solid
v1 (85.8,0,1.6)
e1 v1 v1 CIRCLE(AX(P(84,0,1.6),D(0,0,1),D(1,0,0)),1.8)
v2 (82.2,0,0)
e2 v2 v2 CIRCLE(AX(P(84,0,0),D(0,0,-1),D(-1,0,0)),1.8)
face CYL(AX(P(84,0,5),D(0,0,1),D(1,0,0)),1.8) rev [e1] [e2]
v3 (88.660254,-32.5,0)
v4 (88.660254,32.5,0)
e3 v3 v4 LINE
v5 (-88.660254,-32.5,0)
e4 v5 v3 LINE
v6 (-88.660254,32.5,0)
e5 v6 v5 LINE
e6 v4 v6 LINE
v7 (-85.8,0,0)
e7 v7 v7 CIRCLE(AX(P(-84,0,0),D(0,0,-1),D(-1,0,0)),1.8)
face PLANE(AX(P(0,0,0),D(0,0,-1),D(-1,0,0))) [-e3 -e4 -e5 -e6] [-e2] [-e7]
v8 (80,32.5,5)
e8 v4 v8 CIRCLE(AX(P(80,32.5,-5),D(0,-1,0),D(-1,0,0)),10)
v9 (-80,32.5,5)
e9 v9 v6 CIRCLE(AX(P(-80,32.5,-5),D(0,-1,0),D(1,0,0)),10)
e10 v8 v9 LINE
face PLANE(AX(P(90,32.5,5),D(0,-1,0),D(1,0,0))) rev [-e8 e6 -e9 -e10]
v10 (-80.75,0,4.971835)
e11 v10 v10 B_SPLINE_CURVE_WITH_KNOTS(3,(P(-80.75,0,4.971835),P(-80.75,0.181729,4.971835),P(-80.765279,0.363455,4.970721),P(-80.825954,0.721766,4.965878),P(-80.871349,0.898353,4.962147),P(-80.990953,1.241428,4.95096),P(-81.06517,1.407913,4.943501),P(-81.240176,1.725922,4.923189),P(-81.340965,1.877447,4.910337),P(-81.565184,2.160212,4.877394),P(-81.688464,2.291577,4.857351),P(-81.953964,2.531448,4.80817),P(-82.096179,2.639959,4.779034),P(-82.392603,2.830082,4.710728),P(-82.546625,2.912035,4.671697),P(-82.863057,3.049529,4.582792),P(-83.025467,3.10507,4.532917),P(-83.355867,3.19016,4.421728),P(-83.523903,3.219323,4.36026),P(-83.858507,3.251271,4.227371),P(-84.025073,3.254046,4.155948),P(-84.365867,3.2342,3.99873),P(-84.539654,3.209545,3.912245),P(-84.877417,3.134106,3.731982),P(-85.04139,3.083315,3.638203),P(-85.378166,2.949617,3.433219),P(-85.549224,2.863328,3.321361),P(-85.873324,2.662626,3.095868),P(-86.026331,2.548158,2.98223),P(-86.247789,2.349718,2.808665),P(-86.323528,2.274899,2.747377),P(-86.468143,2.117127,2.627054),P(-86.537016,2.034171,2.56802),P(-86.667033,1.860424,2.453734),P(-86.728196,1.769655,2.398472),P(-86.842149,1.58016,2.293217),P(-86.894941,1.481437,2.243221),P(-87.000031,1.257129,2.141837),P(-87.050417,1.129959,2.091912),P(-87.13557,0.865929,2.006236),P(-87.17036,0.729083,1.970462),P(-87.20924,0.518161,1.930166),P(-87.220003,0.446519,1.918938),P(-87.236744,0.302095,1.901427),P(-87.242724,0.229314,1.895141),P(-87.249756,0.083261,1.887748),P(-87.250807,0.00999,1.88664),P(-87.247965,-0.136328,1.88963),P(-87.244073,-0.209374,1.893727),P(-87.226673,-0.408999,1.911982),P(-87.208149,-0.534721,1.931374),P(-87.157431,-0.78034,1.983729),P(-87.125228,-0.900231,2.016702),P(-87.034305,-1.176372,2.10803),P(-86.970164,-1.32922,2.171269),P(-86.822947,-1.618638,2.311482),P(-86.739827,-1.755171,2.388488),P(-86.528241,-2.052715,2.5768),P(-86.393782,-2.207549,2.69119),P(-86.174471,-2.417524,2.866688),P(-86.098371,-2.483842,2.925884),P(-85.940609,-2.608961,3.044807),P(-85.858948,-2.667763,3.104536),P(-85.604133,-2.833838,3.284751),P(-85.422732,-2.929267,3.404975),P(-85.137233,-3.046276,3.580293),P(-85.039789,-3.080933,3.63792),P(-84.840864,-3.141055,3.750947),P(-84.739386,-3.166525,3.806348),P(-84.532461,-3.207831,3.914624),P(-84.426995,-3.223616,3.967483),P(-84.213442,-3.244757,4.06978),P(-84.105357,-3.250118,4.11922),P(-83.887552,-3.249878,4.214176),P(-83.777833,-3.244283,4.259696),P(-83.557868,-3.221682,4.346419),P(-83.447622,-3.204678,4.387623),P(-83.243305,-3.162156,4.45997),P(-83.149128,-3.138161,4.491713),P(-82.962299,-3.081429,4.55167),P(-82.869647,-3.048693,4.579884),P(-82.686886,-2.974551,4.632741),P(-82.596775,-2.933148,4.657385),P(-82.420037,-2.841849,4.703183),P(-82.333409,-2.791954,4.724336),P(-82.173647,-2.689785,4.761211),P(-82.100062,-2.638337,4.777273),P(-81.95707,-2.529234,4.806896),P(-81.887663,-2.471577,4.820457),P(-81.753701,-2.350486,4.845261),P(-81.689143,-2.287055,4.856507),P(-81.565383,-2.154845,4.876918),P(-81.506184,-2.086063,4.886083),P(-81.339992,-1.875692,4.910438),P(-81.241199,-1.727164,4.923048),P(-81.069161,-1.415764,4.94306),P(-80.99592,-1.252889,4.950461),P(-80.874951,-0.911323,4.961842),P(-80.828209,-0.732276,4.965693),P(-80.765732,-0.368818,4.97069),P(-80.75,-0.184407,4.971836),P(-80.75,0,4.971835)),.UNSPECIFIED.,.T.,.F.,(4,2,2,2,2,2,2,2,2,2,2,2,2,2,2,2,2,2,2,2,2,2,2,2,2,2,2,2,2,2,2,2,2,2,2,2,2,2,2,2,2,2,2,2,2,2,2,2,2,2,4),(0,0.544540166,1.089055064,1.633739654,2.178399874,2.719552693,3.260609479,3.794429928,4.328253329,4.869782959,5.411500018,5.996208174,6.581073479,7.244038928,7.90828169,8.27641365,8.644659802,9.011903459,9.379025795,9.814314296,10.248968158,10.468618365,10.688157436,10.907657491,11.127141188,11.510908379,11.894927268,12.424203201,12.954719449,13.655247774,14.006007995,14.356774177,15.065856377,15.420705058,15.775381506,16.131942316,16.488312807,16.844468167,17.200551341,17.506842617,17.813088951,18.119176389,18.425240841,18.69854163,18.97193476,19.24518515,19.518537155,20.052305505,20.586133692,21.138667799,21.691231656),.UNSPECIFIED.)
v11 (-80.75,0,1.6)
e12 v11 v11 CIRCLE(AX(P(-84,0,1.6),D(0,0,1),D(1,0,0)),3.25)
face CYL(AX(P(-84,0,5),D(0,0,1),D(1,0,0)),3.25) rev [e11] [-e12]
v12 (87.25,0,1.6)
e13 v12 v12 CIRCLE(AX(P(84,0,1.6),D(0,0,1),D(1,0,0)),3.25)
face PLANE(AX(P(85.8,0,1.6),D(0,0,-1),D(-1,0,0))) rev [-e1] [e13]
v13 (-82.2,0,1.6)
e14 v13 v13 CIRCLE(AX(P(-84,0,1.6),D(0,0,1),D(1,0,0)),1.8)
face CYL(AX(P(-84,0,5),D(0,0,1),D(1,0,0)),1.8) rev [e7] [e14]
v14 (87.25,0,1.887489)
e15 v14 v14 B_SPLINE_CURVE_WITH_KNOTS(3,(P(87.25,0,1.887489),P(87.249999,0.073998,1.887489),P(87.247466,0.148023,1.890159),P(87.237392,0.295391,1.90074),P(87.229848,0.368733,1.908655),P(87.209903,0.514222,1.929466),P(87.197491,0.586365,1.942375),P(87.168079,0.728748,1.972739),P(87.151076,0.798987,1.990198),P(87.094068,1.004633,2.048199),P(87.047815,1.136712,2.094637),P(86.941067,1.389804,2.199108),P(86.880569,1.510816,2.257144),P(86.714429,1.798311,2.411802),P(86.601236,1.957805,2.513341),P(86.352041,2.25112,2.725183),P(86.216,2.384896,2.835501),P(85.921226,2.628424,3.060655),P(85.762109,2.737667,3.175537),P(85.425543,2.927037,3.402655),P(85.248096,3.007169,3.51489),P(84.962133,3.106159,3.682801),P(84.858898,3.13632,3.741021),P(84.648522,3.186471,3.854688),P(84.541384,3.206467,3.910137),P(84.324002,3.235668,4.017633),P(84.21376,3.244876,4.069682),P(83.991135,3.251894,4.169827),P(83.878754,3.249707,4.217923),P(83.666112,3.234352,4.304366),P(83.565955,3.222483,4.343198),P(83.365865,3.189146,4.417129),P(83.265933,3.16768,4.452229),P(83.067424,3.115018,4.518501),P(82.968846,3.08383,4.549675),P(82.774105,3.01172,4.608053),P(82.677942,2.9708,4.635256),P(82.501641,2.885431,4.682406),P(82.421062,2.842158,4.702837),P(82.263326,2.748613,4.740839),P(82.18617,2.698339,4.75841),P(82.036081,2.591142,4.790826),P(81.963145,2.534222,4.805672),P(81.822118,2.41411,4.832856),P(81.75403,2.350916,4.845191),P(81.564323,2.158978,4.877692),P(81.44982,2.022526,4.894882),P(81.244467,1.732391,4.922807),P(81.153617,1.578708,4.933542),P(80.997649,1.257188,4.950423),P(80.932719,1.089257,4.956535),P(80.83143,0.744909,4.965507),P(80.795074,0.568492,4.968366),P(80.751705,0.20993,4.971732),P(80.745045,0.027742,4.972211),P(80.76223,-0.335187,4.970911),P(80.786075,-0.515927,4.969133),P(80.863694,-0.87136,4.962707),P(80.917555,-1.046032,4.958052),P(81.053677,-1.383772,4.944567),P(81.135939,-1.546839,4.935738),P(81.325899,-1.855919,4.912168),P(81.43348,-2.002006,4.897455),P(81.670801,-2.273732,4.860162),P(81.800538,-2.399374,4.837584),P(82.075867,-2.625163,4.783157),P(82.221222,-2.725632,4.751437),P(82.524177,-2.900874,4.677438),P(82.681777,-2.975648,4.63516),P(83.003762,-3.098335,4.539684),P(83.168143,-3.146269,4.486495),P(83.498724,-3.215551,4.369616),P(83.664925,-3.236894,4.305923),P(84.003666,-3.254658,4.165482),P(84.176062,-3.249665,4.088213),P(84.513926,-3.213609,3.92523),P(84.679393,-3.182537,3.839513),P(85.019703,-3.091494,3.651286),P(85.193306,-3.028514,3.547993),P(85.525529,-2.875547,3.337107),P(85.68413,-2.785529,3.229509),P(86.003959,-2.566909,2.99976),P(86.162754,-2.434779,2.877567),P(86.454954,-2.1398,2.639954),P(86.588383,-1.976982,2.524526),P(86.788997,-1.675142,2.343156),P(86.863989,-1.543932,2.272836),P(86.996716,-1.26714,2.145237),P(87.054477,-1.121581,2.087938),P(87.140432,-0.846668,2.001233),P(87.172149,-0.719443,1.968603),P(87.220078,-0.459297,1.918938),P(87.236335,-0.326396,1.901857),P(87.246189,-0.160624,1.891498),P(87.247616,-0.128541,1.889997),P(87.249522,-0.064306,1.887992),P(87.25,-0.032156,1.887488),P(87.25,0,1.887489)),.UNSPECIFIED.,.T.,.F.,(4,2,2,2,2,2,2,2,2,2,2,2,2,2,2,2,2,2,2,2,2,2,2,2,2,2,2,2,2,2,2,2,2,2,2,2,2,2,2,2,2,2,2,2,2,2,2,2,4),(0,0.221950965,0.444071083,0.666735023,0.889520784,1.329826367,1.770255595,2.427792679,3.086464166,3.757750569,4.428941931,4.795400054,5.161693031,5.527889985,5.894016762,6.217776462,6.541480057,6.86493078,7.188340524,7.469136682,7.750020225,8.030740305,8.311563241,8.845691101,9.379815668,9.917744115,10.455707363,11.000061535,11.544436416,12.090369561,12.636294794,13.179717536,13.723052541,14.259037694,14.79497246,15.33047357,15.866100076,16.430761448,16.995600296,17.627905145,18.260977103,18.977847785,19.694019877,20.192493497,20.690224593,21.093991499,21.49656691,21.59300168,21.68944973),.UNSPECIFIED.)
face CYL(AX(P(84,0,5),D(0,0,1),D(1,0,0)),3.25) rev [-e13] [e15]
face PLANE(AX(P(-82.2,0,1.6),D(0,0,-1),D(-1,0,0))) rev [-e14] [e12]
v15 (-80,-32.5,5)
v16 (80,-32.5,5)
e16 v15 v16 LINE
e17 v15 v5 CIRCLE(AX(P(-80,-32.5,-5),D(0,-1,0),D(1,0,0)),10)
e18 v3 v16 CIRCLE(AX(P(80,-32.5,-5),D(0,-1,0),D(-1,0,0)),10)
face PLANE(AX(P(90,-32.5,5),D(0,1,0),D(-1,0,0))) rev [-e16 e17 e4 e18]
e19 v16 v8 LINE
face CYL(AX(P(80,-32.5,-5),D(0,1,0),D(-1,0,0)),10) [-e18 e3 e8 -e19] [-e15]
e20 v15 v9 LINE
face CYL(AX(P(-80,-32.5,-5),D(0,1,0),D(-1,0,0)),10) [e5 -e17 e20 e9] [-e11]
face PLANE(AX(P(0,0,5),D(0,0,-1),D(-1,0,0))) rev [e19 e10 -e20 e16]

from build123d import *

# Parameters (mm, degrees)
SKIZZE1_W                                            = 180
SKIZZE1_H                                            = 65
AUFSATZ_LINEAR_AUSTRAGEN1_DEPTH                      = 5
STIRNSENKUNG_F_R_M3_ZYLINDERSCHRAUBE_MIT_D           = 3.6
STIRNSENKUNG_F_R_M3_ZYLINDERSCHRAUBE_MIT_DEPTH       = 9.1
STIRNSENKUNG_F_R_M3_ZYLINDERSCHRAUBE_MIT_CBORE_D     = 6.5
STIRNSENKUNG_F_R_M3_ZYLINDERSCHRAUBE_MIT_CBORE_DEPTH = 3.4
STIRNSENKUNG_F_R_M3_ZYLINDERSCHRAUBE_MIT_TIP         = 1.081549114
SCHNITT_LINEAR_AUSTRAGEN1_DEPTH                      = 66


with BuildPart() as part:
    # Skizze1 → Aufsatz-Linear austragen1 (new body)
    with BuildSketch(Plane.XY):
        Rectangle(SKIZZE1_W, SKIZZE1_H)
    extrude(amount=AUFSATZ_LINEAR_AUSTRAGEN1_DEPTH)

    # Stirnsenkung für M3 Zylinderschraube mit Innensechskant1
    with Locations(Plane.XY.offset(5)):
        with Locations((-84, 0), (84, 0)):
            CounterBoreHole(STIRNSENKUNG_F_R_M3_ZYLINDERSCHRAUBE_MIT_D / 2, STIRNSENKUNG_F_R_M3_ZYLINDERSCHRAUBE_MIT_CBORE_D / 2, STIRNSENKUNG_F_R_M3_ZYLINDERSCHRAUBE_MIT_CBORE_DEPTH, depth=STIRNSENKUNG_F_R_M3_ZYLINDERSCHRAUBE_MIT_DEPTH)
            with Locations((0, 0, -(STIRNSENKUNG_F_R_M3_ZYLINDERSCHRAUBE_MIT_DEPTH + STIRNSENKUNG_F_R_M3_ZYLINDERSCHRAUBE_MIT_TIP / 2))):  # 118° drill point
                Cone(0, STIRNSENKUNG_F_R_M3_ZYLINDERSCHRAUBE_MIT_D / 2, STIRNSENKUNG_F_R_M3_ZYLINDERSCHRAUBE_MIT_TIP, mode=Mode.SUBTRACT)

    # Skizze6 → Schnitt-Linear austragen1 (cut, through all)
    with BuildSketch(Plane(origin=(0, 32.5, 0), x_dir=(1, 0, 0), z_dir=(0, 1, 0))):
        with BuildLine():
            Line((-90, -5), (-90, 5))
            ThreePointArc((-90, 5), (-87.071067812, -2.071067812), (-80, -5))
            Line((-80, -5), (-90, -5))
        make_face()
        with BuildLine():
            Line((80, -5), (90, -5))
            Line((90, -5), (90, 5))
            ThreePointArc((90, 5), (87.071067812, -2.071067812), (80, -5))
        make_face()
    extrude(amount=-SCHNITT_LINEAR_AUSTRAGEN1_DEPTH, mode=Mode.SUBTRACT)


solid = part.part
